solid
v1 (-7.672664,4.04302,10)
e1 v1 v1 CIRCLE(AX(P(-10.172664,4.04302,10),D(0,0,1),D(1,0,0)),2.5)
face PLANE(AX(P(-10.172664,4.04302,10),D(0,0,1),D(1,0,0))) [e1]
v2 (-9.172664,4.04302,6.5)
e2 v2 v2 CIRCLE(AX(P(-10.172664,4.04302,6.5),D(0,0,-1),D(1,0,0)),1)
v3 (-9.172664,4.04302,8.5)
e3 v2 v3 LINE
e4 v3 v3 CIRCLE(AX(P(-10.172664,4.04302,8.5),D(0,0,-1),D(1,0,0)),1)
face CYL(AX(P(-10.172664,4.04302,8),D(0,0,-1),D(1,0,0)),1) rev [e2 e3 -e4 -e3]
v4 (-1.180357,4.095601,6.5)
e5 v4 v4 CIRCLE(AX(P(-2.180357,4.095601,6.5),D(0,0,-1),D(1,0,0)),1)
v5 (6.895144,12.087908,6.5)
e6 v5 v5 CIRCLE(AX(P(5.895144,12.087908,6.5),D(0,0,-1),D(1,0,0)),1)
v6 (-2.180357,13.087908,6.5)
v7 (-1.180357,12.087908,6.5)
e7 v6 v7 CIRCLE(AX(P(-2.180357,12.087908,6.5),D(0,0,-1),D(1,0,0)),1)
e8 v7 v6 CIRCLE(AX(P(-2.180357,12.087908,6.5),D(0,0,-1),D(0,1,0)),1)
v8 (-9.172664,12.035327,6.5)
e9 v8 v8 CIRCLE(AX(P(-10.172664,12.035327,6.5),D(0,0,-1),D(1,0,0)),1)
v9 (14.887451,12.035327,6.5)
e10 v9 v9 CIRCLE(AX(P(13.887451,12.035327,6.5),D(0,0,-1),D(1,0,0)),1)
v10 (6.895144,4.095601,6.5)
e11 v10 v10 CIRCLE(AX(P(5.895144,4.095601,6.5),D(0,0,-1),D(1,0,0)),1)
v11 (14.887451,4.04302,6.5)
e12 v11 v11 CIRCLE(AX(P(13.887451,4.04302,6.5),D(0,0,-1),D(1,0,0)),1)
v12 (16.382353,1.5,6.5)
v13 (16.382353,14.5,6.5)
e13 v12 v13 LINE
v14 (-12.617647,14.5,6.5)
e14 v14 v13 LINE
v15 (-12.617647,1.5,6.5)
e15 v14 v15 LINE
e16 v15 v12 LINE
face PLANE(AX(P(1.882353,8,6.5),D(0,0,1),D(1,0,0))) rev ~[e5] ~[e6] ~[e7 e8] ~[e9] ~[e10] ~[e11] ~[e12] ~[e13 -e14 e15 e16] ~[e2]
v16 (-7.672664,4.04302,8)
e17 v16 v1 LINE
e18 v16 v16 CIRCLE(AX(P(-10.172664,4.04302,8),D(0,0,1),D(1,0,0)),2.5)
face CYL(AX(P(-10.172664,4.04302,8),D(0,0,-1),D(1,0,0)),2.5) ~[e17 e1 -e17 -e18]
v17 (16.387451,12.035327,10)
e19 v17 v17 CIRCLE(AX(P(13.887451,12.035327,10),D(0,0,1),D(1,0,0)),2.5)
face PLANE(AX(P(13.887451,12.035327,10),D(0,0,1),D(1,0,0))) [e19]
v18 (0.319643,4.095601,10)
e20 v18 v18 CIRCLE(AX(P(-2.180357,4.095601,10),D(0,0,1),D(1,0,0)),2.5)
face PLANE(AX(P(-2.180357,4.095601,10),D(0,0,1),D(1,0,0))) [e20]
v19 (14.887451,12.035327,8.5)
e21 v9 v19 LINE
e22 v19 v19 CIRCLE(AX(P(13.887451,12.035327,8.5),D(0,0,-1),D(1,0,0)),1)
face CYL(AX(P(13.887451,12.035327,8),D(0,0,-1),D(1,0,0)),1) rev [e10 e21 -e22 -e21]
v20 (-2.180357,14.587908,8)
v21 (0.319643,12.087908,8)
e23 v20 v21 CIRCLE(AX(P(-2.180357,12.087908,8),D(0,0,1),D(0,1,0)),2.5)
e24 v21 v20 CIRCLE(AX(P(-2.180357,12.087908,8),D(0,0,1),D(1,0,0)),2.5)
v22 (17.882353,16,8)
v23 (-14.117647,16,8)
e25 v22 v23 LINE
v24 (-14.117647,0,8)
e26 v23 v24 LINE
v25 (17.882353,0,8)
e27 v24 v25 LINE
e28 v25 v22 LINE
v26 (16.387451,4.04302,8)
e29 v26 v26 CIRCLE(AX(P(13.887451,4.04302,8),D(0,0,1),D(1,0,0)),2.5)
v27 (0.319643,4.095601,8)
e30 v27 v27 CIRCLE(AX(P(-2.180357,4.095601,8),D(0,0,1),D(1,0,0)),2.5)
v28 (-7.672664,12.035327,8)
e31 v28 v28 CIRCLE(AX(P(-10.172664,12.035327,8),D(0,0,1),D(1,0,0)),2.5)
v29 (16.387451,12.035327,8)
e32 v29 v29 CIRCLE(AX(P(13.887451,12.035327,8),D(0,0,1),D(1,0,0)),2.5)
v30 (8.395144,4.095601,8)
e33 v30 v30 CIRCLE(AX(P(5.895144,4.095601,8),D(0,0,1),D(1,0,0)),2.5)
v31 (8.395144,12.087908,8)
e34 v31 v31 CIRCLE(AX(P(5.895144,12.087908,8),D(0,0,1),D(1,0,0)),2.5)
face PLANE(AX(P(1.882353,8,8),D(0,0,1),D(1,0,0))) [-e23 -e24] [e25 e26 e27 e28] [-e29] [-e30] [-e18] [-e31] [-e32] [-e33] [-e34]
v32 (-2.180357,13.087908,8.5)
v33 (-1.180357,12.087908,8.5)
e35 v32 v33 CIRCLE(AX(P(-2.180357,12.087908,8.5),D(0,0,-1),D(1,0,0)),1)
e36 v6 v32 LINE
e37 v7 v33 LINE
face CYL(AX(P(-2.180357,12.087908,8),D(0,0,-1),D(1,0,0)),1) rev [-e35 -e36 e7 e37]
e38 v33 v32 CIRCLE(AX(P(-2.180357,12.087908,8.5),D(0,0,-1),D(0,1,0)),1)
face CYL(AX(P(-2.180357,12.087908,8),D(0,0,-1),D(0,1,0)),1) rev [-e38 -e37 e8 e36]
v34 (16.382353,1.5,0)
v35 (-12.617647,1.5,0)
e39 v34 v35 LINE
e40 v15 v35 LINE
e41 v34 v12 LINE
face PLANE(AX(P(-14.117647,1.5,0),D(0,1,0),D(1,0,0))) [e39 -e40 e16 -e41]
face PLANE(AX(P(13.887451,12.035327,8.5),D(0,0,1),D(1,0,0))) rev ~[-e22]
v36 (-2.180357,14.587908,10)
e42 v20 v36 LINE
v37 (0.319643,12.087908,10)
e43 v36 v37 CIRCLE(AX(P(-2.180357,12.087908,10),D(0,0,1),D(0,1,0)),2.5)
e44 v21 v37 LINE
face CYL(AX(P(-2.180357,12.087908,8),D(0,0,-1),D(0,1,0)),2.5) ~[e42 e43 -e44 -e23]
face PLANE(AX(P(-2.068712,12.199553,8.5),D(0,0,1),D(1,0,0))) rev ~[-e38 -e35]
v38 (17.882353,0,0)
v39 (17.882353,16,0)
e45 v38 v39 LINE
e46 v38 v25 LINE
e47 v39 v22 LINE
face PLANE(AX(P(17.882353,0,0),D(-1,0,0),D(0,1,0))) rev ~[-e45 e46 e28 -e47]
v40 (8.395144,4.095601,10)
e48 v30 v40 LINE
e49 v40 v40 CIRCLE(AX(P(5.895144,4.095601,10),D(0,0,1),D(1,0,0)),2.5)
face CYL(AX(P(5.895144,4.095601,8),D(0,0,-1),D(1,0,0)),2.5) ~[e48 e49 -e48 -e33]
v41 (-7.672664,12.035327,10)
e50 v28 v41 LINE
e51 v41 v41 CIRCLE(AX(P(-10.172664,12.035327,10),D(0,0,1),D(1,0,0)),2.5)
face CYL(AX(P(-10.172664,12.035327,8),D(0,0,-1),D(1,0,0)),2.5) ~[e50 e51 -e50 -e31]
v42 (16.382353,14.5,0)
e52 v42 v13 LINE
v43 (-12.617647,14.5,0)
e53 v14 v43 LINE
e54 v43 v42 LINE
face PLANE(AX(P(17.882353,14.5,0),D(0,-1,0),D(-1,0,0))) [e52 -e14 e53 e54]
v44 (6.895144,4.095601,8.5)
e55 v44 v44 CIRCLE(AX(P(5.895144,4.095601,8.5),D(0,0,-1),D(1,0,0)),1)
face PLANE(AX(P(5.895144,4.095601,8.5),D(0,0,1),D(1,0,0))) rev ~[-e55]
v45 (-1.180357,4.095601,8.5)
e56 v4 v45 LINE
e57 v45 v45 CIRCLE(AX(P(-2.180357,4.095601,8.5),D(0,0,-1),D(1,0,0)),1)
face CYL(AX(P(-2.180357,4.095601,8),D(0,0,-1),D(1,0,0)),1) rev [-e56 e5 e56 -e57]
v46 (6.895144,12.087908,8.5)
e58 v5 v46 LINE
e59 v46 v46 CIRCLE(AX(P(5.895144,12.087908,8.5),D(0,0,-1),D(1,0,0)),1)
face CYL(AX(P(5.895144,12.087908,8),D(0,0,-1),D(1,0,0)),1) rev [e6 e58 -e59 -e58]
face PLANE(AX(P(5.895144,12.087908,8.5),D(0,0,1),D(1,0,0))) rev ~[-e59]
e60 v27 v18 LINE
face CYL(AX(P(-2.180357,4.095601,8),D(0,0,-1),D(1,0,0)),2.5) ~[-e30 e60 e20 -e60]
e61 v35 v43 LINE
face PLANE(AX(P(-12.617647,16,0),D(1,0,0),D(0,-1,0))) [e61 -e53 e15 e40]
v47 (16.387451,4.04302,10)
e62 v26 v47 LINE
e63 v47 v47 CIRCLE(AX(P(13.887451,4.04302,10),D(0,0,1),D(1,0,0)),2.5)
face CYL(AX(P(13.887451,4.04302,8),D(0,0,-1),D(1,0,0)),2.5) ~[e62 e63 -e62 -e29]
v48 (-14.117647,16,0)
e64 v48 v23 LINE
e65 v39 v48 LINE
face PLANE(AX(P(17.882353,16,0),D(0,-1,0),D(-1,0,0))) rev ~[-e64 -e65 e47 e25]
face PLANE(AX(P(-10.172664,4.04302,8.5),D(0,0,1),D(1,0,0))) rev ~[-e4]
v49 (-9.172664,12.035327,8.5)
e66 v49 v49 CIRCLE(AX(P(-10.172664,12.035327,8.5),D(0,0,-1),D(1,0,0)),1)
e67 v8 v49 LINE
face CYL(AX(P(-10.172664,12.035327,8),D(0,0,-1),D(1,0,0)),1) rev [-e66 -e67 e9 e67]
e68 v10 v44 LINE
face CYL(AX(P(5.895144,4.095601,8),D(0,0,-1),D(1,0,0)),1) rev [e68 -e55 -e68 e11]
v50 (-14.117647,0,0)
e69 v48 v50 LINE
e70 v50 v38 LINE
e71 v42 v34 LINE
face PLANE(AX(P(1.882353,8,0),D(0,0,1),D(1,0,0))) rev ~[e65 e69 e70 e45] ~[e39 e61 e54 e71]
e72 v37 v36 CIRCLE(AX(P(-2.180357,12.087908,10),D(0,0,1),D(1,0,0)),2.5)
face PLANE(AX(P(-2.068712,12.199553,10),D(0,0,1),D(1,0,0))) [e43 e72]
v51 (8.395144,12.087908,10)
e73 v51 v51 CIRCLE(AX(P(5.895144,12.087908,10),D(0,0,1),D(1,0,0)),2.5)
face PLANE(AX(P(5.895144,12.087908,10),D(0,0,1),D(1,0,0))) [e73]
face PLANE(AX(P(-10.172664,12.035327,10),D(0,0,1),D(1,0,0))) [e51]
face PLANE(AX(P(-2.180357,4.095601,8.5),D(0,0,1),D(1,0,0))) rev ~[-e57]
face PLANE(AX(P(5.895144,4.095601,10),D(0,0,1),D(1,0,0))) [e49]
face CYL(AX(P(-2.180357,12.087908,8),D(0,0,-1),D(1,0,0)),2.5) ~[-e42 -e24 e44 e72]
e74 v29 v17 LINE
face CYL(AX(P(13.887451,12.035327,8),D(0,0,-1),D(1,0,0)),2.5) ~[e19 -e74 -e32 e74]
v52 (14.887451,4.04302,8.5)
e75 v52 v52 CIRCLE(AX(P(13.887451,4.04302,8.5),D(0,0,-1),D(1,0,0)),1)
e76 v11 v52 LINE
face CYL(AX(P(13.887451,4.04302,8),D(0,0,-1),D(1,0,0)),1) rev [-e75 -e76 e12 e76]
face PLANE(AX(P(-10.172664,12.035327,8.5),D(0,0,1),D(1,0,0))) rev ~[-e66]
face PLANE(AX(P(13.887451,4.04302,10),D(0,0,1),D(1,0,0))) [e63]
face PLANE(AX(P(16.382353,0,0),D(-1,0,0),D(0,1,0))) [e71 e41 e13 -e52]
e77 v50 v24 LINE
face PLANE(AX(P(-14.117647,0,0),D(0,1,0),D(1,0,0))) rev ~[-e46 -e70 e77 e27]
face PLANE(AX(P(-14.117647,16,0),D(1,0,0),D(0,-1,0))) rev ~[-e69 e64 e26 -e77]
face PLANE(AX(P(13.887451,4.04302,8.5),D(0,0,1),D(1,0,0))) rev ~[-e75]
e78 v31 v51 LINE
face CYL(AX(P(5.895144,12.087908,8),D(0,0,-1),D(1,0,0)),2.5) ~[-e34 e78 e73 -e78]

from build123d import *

# Parameters (mm, degrees)
F1_DEPTH = 8
F3_R     = 2.5
F4_DEPTH = 2
F5_T     = -1.5


with BuildPart() as f1:
    # F0 (on Top) → F1 (new body)
    with BuildSketch(Plane.XY):
        Polygon((-14.1176469211, 8), (-14.1176469211, 0), (1.8823530789, 0), (8.3823530789, 0), (9.1710221022, 0), (17.8823530789, 0), (17.8823530789, 7.8231371145), (17.8823530789, 8.2882069845), (17.8823530789, 16), (-14.1176469211, 16), (-14.1176469211, 8.0556720495), align=None)
    extrude(amount=F1_DEPTH)

    # F3 (on offset) → F4 (join)
    with BuildSketch(Plane.XY.offset(8)):
        with Locations((-10.1726641878, 12.0353270322)):
            Circle(F3_R)
        with Locations((-10.1726641878, 4.043020308)):
            Circle(F3_R)
        with Locations((-2.180356998, 4.0956009179)):
            Circle(F3_R)
        with BuildLine():
            ThreePointArc((-2.180356998, 14.5879076421), (-3.948123951, 10.3201406892), (0.319643002, 12.0879076421))
            ThreePointArc((0.319643002, 12.0879076421), (-0.412590045, 13.8556745951), (-2.180356998, 14.5879076421))
        make_face()
        with Locations((5.8951441832, 12.0879076421)):
            Circle(F3_R)
        with Locations((5.8951441832, 4.0956009179)):
            Circle(F3_R)
        with Locations((13.887451373, 4.043020308)):
            Circle(F3_R)
        with Locations((13.887451373, 12.0353270322)):
            Circle(F3_R)
    extrude(amount=F4_DEPTH)

    # F5
    f5_openings = [f1.faces().sort_by_distance(p)[0] for p in [
        (1.882353, 8, 0),
    ]]
    offset(amount=F5_T, openings=f5_openings, kind=Kind.INTERSECTION)


solid = f1.part
